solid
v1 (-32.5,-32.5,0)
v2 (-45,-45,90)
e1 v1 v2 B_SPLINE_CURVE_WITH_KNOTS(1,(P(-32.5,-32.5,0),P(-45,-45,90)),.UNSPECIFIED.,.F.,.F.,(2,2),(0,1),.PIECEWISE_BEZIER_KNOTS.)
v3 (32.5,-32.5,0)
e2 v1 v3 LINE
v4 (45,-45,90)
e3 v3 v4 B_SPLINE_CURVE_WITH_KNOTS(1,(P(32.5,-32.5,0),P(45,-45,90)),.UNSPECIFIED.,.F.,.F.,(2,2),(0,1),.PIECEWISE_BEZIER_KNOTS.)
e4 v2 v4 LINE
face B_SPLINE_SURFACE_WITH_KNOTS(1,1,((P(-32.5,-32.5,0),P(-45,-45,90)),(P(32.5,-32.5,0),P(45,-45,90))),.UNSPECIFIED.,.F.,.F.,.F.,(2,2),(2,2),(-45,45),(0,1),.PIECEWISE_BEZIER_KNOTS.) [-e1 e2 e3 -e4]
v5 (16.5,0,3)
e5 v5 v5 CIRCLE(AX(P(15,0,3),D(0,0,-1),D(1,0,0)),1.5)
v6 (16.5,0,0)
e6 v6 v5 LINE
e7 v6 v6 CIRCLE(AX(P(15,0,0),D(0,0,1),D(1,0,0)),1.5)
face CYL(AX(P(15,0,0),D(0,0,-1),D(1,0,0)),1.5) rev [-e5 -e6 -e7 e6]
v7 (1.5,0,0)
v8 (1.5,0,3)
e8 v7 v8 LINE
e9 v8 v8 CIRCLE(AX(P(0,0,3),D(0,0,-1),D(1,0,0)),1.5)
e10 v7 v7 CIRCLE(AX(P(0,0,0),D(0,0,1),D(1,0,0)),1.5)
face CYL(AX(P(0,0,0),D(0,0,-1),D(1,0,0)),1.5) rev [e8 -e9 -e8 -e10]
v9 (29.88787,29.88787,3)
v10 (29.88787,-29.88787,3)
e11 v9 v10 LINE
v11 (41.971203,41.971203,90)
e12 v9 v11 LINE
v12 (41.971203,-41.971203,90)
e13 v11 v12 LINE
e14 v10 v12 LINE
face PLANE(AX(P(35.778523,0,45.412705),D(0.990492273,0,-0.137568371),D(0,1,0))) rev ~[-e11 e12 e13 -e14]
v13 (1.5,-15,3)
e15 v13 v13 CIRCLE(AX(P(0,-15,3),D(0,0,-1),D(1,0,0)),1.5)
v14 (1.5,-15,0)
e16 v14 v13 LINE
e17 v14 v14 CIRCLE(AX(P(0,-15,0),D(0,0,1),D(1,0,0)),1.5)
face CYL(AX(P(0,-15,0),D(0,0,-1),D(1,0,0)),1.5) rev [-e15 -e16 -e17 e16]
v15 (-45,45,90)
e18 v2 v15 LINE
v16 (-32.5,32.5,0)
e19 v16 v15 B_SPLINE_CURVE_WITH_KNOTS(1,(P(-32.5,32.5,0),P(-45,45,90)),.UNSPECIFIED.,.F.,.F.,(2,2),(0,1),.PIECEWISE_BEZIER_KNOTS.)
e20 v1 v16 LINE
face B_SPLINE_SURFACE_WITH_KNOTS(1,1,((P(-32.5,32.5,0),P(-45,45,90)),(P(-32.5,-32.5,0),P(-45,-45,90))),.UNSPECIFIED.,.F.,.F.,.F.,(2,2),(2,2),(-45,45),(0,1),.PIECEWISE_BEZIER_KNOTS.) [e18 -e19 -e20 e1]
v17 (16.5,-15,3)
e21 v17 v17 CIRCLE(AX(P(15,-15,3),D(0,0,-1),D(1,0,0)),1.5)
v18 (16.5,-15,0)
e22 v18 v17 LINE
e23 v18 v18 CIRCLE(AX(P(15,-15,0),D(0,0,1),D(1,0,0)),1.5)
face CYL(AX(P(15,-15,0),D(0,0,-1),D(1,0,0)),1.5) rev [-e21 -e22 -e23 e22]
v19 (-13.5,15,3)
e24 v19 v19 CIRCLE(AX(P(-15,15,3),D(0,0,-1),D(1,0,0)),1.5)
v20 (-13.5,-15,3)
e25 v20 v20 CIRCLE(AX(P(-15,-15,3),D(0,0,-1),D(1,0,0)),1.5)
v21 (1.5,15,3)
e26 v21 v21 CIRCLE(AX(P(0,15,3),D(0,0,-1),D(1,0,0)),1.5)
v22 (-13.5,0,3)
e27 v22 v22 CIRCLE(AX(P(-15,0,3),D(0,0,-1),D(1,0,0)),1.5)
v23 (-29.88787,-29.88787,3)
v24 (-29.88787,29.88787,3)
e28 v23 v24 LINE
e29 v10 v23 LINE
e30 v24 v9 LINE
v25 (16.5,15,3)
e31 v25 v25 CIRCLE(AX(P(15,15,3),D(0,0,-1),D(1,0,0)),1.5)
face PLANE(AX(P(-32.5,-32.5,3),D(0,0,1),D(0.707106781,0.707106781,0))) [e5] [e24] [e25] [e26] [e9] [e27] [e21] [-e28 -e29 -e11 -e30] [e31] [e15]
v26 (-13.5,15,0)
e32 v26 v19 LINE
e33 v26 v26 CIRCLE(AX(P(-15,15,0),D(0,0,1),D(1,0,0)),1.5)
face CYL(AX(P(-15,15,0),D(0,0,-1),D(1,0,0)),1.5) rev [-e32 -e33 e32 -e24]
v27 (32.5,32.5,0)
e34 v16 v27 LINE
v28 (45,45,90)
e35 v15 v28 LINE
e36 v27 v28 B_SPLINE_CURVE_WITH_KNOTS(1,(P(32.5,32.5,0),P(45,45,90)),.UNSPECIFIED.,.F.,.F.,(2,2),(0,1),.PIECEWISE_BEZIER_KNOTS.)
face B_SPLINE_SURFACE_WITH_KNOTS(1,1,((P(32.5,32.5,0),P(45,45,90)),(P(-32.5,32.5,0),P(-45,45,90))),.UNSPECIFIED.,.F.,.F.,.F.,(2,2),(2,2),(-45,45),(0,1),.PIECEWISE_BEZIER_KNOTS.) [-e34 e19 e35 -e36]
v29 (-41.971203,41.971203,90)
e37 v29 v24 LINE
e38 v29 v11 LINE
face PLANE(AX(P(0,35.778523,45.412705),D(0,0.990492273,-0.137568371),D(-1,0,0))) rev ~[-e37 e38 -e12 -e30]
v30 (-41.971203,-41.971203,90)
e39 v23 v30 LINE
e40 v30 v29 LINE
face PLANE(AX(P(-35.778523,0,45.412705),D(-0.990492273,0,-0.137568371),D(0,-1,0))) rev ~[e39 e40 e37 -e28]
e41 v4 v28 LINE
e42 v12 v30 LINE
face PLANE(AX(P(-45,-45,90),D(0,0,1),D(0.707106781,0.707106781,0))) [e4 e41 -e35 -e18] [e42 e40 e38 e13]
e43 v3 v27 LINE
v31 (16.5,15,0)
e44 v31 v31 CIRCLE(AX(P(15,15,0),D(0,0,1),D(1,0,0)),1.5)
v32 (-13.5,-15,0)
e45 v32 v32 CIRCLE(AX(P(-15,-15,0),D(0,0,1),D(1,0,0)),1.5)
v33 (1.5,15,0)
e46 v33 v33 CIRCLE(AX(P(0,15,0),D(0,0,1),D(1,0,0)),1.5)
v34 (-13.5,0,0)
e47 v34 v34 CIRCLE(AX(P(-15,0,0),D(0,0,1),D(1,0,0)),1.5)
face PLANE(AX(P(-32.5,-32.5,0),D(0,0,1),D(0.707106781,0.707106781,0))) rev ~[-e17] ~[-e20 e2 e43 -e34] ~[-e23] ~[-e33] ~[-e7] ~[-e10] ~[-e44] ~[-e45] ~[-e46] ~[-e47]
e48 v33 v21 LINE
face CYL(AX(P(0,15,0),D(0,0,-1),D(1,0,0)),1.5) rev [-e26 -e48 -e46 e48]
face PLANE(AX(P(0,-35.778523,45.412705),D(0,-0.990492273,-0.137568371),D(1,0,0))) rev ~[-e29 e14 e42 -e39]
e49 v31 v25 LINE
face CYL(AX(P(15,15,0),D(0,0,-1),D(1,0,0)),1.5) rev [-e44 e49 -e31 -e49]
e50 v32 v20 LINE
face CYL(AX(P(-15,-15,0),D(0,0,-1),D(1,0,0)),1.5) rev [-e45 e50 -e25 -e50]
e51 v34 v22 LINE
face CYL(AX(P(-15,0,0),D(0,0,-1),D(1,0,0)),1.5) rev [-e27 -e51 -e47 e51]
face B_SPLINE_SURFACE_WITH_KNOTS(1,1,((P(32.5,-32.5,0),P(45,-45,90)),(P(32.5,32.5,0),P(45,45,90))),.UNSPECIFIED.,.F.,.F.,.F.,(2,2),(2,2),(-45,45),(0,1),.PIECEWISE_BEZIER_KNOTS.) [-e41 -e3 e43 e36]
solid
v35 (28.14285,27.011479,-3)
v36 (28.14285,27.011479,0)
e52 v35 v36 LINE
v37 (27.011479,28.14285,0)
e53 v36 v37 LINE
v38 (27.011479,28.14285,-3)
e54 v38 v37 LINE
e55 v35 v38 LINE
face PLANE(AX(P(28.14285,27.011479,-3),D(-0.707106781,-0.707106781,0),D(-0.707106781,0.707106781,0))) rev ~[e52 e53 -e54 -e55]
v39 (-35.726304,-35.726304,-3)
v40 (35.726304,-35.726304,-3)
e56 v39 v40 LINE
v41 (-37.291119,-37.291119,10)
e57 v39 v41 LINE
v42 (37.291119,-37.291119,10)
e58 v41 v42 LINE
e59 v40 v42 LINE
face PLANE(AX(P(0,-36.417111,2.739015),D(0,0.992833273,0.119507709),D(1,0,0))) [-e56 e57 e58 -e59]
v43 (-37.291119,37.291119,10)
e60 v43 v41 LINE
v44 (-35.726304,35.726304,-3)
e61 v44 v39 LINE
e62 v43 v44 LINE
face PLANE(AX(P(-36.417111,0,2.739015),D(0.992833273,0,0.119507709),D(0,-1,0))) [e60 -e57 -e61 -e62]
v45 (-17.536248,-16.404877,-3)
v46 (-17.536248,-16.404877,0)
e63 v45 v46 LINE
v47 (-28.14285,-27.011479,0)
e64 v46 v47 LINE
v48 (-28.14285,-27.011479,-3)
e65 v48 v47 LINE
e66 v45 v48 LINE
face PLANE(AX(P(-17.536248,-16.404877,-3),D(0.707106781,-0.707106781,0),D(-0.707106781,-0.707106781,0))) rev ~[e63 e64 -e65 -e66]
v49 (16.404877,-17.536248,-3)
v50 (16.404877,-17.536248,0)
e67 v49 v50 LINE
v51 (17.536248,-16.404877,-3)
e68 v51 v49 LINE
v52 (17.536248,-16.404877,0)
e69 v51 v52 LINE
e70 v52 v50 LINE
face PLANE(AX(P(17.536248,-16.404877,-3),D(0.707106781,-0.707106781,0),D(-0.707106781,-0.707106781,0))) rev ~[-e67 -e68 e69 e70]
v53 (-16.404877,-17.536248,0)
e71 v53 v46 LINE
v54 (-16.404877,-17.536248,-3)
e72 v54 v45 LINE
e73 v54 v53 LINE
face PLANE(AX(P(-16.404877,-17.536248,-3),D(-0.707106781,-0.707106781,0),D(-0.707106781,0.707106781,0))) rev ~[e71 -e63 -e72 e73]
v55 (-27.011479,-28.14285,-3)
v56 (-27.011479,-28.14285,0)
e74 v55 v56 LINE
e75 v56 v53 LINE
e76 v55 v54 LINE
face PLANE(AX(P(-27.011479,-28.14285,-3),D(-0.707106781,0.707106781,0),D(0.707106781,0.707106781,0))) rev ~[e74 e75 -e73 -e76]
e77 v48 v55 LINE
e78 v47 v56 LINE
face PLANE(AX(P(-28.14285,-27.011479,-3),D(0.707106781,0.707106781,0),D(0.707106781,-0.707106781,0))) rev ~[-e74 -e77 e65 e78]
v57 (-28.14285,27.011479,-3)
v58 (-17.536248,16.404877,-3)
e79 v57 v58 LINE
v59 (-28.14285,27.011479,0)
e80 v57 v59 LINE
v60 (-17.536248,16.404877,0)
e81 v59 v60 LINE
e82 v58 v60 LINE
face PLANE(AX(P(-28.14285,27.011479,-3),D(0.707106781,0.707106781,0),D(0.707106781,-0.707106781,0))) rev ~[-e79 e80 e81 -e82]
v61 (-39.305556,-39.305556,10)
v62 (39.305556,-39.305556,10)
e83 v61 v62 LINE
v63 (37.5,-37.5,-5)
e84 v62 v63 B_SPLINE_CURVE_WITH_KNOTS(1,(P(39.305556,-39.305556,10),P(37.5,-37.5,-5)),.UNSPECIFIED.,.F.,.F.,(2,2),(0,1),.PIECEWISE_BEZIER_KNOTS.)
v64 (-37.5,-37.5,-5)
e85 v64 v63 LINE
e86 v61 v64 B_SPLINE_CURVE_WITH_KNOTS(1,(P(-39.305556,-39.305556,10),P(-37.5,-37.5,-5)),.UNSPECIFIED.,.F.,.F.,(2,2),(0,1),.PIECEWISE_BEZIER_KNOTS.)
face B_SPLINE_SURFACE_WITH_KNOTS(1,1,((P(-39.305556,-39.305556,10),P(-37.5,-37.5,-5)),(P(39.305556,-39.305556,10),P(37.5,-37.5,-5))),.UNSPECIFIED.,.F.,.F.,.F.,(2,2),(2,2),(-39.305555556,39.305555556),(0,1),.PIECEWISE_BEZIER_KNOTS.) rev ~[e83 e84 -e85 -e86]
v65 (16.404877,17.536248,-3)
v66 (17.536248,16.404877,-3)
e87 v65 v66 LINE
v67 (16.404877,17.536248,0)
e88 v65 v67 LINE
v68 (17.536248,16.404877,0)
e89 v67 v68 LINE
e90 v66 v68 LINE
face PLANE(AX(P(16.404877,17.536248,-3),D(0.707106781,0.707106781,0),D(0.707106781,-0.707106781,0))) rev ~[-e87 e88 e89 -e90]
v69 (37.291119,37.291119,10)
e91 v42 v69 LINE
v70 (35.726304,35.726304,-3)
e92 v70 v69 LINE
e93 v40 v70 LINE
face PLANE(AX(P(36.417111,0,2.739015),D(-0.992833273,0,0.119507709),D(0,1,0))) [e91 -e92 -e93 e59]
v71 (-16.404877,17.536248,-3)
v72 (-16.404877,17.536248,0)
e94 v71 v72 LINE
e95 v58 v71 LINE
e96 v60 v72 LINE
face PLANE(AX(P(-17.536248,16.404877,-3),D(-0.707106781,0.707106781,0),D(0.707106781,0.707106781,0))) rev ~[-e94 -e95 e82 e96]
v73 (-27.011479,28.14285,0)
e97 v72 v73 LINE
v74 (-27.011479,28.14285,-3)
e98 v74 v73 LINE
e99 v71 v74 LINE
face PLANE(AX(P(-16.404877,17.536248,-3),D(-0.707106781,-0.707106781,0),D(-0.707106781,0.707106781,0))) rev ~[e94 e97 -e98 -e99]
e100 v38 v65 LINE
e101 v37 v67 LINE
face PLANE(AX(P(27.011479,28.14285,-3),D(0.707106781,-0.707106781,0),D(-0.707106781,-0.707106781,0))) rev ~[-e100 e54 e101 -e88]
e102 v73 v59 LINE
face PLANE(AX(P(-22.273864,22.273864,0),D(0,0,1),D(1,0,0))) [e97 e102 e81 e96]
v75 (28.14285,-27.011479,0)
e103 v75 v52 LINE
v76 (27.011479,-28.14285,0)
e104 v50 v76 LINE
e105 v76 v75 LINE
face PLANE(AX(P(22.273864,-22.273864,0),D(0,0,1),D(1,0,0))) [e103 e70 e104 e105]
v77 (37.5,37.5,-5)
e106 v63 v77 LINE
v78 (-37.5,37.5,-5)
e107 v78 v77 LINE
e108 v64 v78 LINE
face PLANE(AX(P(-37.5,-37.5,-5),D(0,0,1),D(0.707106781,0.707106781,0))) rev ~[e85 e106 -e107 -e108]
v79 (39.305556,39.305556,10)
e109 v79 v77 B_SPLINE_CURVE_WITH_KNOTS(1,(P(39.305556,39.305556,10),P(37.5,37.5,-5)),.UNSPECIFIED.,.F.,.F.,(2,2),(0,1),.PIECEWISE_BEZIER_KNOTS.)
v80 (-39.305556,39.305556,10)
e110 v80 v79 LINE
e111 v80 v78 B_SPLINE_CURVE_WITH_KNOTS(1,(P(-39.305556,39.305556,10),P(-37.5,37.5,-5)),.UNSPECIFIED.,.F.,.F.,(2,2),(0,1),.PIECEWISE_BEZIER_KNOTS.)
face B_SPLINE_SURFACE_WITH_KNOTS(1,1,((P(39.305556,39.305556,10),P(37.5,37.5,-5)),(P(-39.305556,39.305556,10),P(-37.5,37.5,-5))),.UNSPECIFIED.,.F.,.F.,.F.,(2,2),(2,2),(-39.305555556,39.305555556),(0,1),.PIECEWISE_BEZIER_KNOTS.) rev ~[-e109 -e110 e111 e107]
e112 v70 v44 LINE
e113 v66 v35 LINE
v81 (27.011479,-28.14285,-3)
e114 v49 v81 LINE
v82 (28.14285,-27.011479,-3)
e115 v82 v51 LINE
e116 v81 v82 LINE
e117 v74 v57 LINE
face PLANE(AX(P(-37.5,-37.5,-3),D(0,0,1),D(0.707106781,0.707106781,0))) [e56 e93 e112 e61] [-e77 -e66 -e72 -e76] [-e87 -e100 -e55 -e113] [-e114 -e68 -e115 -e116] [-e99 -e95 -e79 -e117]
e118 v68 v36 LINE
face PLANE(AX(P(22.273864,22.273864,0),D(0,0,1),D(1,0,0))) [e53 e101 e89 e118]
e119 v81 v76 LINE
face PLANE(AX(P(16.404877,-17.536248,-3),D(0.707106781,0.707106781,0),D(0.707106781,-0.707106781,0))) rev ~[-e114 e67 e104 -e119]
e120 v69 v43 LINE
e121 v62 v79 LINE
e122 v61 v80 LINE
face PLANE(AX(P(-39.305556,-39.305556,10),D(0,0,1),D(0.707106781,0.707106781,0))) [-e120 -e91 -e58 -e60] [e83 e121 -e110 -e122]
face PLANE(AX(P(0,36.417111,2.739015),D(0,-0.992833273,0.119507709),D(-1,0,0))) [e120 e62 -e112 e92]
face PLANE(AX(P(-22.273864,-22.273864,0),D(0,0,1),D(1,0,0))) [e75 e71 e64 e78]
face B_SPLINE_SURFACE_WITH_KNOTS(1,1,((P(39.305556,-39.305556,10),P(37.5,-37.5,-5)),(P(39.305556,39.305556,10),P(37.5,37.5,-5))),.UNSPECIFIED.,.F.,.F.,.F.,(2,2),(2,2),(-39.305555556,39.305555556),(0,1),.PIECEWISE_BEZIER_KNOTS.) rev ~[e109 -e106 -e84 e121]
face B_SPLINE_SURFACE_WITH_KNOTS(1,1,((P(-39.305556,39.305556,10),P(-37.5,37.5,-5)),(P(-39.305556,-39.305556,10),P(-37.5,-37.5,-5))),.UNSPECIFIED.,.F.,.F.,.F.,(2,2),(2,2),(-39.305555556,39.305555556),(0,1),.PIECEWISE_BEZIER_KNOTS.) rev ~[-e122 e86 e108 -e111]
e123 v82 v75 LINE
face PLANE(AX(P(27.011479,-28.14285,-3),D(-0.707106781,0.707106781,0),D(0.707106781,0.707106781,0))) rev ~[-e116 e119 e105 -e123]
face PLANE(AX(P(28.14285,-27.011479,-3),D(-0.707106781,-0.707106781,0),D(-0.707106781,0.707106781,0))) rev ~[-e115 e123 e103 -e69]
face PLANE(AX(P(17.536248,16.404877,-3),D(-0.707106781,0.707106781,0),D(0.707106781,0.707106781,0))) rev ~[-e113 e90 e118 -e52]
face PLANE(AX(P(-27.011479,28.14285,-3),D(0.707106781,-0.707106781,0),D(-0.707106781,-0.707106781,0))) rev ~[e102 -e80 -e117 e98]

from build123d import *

# Parameters (mm, degrees)
F0_W      = 65
F0_H      = 65
F2_W      = 90
F2_H      = 90
F4_T      = -3
F5_R      = 1.5
F6_DEPTH  = 90.0010001
F10_W     = 78.6111111111
F10_H     = 78.6111111111
F8_W      = 75
F8_H      = 75
F12_T     = -2
F14_DEPTH = 3


with BuildPart() as f3:
    # F0 (on Top) → F3 section 0
    with BuildSketch(Plane.XY):
        Rectangle(F0_W, F0_H)
    # F2 (on offset) → F3 section 1
    with BuildSketch(Plane.XY.offset(90)):
        Rectangle(F2_W, F2_H)
    loft()

    # F4
    f4_openings = [f3.faces().sort_by_distance(p)[0] for p in [
        (0, 0, 90),
    ]]
    offset(amount=F4_T, openings=f4_openings)

    # F5 (on Top) → F6 (cut, through all)
    with BuildSketch(Plane.XY):
        with Locations((-15, -15)):
            Circle(F5_R)
        with Locations((-15, 0)):
            Circle(F5_R)
        with Locations((-15, 15)):
            Circle(F5_R)
        with Locations((0, -15)):
            Circle(F5_R)
        Circle(F5_R)
        with Locations((0, 15)):
            Circle(F5_R)
        with Locations((15, -15)):
            Circle(F5_R)
        with Locations((15, 0)):
            Circle(F5_R)
        with Locations((15, 15)):
            Circle(F5_R)
    extrude(amount=F6_DEPTH, mode=Mode.SUBTRACT)


with BuildPart() as f11:
    # F10 (on offset) → F11 section 0
    with BuildSketch(Plane.XY.offset(10)):
        Rectangle(F10_W, F10_H)
    # F8 (on offset) → F11 section 1
    with BuildSketch(Plane.XY.offset(-5)):
        Rectangle(F8_W, F8_H)
    loft()

    # F12
    f12_openings = [f11.faces().sort_by_distance(p)[0] for p in [
        (0, 0, 10),
    ]]
    offset(amount=F12_T, openings=f12_openings)

    # F13 (on face) → F14 (join)
    with BuildSketch(Plane.XY.offset(-3)):
        Polygon((-27.0114790413, -28.1428498912), (-16.4048773235, -17.5362481734), (-17.5362481734, -16.4048773235), (-28.1428498912, -27.0114790413), align=None)
        Polygon((27.0114790413, -28.1428498912), (28.1428498912, -27.0114790413), (17.5362481734, -16.4048773235), (16.4048773235, -17.5362481734), align=None)
        Polygon((28.1428498912, 27.0114790413), (27.0114790413, 28.1428498912), (16.4048773235, 17.5362481734), (17.5362481734, 16.4048773235), align=None)
        Polygon((-27.0114790413, 28.1428498912), (-28.1428498912, 27.0114790413), (-17.5362481734, 16.4048773235), (-16.4048773235, 17.5362481734), align=None)
    extrude(amount=F14_DEPTH)


solid = Compound([f3.part, f11.part])
